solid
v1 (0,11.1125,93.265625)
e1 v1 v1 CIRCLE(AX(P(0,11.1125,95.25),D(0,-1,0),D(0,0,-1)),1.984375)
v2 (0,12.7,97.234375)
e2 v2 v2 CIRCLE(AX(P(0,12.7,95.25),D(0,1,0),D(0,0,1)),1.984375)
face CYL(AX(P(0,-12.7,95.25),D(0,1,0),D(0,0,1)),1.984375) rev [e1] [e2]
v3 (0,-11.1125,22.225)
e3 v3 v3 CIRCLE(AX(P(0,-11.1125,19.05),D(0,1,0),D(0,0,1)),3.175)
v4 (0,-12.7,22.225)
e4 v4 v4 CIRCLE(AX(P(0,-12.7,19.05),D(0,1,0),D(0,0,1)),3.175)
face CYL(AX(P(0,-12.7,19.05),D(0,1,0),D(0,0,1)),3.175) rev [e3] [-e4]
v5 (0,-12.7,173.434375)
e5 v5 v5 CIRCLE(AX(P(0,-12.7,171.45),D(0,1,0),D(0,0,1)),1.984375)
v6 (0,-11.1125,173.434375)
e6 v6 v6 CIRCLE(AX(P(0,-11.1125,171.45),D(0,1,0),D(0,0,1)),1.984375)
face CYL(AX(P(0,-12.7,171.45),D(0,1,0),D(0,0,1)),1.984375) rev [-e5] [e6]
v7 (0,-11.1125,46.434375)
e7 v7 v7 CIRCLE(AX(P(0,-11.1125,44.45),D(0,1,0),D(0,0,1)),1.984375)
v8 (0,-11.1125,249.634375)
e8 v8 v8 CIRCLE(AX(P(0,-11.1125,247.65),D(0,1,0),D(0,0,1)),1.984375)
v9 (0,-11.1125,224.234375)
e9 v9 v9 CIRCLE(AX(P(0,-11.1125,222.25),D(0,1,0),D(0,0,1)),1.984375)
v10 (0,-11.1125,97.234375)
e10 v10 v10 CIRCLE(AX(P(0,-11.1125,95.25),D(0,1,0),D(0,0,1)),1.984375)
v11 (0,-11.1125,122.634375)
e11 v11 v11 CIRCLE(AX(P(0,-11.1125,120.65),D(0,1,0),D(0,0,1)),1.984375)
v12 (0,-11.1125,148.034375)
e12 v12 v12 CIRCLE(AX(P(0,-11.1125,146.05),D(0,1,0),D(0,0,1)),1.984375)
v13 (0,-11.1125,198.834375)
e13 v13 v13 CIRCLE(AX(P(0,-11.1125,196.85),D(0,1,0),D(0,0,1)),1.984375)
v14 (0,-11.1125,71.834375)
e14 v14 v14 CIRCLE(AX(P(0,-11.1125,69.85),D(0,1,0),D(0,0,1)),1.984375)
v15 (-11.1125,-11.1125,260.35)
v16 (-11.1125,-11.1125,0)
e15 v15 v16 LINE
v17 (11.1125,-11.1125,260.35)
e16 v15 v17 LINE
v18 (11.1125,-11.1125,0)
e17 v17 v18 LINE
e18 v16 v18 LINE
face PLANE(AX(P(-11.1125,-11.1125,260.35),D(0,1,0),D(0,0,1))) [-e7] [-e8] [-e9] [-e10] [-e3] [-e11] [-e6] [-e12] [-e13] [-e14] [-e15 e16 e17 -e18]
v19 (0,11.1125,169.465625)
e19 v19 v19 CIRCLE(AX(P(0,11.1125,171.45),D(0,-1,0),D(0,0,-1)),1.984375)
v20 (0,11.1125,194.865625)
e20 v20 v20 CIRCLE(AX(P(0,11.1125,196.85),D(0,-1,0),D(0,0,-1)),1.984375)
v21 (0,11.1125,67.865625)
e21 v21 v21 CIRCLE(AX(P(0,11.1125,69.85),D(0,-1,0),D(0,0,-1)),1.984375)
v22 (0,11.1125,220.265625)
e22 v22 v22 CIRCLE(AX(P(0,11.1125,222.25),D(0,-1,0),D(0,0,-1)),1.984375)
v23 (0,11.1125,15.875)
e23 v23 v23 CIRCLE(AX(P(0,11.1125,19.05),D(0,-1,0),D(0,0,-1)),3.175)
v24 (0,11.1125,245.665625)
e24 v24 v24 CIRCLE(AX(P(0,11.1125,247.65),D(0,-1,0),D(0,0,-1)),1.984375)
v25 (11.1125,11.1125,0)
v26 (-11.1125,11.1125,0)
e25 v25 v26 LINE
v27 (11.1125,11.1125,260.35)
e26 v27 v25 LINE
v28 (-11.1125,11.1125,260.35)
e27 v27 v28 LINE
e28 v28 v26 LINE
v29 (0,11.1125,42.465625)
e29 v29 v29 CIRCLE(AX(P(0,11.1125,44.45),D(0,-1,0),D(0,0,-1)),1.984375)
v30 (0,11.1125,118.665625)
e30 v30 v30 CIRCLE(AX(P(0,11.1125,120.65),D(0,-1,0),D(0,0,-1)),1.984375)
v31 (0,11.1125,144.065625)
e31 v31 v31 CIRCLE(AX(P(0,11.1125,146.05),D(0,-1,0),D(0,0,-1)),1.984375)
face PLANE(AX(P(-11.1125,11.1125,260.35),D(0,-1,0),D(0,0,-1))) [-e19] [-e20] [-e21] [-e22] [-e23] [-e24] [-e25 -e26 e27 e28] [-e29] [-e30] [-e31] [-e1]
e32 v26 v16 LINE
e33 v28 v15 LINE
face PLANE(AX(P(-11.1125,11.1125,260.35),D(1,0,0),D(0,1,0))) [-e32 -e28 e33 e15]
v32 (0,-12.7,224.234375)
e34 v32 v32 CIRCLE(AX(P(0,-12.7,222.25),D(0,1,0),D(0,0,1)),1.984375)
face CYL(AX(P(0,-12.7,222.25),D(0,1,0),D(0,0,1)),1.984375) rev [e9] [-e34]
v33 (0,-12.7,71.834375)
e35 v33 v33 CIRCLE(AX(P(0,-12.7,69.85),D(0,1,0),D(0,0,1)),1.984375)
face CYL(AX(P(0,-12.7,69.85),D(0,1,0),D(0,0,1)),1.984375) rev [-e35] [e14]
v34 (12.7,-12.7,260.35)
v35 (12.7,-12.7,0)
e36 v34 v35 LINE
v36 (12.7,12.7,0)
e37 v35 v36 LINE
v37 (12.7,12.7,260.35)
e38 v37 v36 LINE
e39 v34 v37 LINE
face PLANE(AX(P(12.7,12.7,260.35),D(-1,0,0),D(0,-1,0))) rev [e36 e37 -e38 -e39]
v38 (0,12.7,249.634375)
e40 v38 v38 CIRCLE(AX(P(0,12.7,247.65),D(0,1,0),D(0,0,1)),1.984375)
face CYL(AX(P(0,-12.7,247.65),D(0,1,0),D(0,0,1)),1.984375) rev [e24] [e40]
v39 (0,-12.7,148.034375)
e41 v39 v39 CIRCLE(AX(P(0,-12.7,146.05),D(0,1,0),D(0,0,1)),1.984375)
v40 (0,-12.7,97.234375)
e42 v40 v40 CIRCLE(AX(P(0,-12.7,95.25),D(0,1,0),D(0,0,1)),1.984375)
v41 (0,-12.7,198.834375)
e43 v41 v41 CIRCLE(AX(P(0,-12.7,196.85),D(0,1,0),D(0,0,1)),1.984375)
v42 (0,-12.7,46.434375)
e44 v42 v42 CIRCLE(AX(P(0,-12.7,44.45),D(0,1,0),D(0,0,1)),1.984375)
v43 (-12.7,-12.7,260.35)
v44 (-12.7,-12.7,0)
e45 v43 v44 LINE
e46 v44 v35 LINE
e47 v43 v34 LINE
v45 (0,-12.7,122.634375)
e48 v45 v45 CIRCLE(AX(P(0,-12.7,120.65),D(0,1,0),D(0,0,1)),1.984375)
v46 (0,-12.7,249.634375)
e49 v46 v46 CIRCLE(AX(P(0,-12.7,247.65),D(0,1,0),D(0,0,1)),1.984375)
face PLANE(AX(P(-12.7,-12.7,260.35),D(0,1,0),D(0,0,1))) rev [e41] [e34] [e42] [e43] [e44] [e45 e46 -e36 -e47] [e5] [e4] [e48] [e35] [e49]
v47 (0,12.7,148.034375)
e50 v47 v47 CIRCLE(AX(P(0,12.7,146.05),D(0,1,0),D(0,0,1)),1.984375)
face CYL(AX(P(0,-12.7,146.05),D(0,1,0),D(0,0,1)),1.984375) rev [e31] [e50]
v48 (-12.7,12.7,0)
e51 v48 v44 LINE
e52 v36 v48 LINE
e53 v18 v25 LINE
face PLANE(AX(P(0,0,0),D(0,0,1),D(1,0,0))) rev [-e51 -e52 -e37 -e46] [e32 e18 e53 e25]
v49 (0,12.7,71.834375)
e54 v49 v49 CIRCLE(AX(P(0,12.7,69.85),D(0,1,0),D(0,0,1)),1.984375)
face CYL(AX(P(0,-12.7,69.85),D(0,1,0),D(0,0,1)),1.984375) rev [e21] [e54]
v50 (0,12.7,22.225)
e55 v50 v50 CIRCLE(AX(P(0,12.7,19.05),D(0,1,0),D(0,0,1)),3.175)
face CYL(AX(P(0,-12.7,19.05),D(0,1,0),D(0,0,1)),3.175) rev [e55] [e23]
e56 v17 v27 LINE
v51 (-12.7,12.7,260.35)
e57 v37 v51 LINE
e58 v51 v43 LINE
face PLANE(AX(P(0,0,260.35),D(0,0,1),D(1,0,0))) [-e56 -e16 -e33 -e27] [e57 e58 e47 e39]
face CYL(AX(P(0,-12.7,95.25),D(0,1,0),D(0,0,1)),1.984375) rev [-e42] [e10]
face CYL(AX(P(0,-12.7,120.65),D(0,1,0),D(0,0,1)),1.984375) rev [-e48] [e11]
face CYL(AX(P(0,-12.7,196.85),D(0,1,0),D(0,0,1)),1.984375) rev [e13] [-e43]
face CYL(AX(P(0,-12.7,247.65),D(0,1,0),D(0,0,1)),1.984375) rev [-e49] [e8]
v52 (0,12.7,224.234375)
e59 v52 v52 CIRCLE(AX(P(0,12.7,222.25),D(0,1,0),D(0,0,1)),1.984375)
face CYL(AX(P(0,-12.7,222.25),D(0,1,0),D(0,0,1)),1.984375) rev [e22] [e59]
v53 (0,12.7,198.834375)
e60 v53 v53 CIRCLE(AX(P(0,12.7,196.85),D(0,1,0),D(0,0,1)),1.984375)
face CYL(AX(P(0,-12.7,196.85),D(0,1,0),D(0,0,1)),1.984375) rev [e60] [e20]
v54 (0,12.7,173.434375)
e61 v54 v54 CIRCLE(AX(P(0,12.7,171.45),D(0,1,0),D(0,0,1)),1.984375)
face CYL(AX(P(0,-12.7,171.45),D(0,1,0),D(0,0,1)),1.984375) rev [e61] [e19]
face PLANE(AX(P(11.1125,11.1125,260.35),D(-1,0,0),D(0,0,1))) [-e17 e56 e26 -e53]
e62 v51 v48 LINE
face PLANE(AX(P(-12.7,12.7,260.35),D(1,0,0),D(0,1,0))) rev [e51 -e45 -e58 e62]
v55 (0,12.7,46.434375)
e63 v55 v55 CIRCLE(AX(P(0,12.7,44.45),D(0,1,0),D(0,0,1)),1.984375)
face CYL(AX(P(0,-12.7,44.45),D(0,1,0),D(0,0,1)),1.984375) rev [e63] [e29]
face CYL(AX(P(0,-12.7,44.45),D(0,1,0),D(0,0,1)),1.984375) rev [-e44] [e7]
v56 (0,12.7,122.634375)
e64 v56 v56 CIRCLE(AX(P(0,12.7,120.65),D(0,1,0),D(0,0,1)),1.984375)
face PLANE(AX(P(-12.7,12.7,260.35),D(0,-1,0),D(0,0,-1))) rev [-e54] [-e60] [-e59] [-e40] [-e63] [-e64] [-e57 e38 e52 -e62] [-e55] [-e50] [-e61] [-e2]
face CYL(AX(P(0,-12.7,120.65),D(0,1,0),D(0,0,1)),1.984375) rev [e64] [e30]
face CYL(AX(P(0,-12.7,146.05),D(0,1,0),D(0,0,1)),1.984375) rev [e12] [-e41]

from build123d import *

# Parameters (mm, degrees)
SKETCH1_W           = 25.4
SKETCH1_H           = 25.4
SKETCH1_W_2         = 22.225
SKETCH1_H_2         = 22.225
BOSS_EXTRUDE1_DEPTH = 260.35
SKETCH2_R           = 1.984375
SKETCH2_R_2         = 3.175
CUT_EXTRUDE1_DEPTH  = 26.4


with BuildPart() as part:
    # Sketch1 → Boss-Extrude1 (new body)
    with BuildSketch(Plane.XY):
        Rectangle(SKETCH1_W, SKETCH1_H)
        Rectangle(SKETCH1_W_2, SKETCH1_H_2, mode=Mode.SUBTRACT)
    extrude(amount=BOSS_EXTRUDE1_DEPTH)

    # Sketch2 → Cut-Extrude1 (cut, through all)
    with BuildSketch(Plane(origin=(0, 12.7, 0), x_dir=(1, 0, 0), z_dir=(0, 1, 0))):
        with Locations((0, -247.65)):
            Circle(SKETCH2_R)
        with Locations((0, -222.25)):
            Circle(SKETCH2_R)
        with Locations((0, -196.85)):
            Circle(SKETCH2_R)
        with Locations((0, -171.45)):
            Circle(SKETCH2_R)
        with Locations((0, -146.05)):
            Circle(SKETCH2_R)
        with Locations((0, -120.65)):
            Circle(SKETCH2_R)
        with Locations((0, -95.25)):
            Circle(SKETCH2_R)
        with Locations((0, -69.85)):
            Circle(SKETCH2_R)
        with Locations((0, -44.45)):
            Circle(SKETCH2_R)
        with Locations((0, 6.35)):
            Circle(SKETCH2_R)
        with Locations((0, 31.75)):
            Circle(SKETCH2_R)
        with Locations((0, -19.05)):
            Circle(SKETCH2_R_2)
    extrude(amount=-CUT_EXTRUDE1_DEPTH, mode=Mode.SUBTRACT)


solid = part.part
